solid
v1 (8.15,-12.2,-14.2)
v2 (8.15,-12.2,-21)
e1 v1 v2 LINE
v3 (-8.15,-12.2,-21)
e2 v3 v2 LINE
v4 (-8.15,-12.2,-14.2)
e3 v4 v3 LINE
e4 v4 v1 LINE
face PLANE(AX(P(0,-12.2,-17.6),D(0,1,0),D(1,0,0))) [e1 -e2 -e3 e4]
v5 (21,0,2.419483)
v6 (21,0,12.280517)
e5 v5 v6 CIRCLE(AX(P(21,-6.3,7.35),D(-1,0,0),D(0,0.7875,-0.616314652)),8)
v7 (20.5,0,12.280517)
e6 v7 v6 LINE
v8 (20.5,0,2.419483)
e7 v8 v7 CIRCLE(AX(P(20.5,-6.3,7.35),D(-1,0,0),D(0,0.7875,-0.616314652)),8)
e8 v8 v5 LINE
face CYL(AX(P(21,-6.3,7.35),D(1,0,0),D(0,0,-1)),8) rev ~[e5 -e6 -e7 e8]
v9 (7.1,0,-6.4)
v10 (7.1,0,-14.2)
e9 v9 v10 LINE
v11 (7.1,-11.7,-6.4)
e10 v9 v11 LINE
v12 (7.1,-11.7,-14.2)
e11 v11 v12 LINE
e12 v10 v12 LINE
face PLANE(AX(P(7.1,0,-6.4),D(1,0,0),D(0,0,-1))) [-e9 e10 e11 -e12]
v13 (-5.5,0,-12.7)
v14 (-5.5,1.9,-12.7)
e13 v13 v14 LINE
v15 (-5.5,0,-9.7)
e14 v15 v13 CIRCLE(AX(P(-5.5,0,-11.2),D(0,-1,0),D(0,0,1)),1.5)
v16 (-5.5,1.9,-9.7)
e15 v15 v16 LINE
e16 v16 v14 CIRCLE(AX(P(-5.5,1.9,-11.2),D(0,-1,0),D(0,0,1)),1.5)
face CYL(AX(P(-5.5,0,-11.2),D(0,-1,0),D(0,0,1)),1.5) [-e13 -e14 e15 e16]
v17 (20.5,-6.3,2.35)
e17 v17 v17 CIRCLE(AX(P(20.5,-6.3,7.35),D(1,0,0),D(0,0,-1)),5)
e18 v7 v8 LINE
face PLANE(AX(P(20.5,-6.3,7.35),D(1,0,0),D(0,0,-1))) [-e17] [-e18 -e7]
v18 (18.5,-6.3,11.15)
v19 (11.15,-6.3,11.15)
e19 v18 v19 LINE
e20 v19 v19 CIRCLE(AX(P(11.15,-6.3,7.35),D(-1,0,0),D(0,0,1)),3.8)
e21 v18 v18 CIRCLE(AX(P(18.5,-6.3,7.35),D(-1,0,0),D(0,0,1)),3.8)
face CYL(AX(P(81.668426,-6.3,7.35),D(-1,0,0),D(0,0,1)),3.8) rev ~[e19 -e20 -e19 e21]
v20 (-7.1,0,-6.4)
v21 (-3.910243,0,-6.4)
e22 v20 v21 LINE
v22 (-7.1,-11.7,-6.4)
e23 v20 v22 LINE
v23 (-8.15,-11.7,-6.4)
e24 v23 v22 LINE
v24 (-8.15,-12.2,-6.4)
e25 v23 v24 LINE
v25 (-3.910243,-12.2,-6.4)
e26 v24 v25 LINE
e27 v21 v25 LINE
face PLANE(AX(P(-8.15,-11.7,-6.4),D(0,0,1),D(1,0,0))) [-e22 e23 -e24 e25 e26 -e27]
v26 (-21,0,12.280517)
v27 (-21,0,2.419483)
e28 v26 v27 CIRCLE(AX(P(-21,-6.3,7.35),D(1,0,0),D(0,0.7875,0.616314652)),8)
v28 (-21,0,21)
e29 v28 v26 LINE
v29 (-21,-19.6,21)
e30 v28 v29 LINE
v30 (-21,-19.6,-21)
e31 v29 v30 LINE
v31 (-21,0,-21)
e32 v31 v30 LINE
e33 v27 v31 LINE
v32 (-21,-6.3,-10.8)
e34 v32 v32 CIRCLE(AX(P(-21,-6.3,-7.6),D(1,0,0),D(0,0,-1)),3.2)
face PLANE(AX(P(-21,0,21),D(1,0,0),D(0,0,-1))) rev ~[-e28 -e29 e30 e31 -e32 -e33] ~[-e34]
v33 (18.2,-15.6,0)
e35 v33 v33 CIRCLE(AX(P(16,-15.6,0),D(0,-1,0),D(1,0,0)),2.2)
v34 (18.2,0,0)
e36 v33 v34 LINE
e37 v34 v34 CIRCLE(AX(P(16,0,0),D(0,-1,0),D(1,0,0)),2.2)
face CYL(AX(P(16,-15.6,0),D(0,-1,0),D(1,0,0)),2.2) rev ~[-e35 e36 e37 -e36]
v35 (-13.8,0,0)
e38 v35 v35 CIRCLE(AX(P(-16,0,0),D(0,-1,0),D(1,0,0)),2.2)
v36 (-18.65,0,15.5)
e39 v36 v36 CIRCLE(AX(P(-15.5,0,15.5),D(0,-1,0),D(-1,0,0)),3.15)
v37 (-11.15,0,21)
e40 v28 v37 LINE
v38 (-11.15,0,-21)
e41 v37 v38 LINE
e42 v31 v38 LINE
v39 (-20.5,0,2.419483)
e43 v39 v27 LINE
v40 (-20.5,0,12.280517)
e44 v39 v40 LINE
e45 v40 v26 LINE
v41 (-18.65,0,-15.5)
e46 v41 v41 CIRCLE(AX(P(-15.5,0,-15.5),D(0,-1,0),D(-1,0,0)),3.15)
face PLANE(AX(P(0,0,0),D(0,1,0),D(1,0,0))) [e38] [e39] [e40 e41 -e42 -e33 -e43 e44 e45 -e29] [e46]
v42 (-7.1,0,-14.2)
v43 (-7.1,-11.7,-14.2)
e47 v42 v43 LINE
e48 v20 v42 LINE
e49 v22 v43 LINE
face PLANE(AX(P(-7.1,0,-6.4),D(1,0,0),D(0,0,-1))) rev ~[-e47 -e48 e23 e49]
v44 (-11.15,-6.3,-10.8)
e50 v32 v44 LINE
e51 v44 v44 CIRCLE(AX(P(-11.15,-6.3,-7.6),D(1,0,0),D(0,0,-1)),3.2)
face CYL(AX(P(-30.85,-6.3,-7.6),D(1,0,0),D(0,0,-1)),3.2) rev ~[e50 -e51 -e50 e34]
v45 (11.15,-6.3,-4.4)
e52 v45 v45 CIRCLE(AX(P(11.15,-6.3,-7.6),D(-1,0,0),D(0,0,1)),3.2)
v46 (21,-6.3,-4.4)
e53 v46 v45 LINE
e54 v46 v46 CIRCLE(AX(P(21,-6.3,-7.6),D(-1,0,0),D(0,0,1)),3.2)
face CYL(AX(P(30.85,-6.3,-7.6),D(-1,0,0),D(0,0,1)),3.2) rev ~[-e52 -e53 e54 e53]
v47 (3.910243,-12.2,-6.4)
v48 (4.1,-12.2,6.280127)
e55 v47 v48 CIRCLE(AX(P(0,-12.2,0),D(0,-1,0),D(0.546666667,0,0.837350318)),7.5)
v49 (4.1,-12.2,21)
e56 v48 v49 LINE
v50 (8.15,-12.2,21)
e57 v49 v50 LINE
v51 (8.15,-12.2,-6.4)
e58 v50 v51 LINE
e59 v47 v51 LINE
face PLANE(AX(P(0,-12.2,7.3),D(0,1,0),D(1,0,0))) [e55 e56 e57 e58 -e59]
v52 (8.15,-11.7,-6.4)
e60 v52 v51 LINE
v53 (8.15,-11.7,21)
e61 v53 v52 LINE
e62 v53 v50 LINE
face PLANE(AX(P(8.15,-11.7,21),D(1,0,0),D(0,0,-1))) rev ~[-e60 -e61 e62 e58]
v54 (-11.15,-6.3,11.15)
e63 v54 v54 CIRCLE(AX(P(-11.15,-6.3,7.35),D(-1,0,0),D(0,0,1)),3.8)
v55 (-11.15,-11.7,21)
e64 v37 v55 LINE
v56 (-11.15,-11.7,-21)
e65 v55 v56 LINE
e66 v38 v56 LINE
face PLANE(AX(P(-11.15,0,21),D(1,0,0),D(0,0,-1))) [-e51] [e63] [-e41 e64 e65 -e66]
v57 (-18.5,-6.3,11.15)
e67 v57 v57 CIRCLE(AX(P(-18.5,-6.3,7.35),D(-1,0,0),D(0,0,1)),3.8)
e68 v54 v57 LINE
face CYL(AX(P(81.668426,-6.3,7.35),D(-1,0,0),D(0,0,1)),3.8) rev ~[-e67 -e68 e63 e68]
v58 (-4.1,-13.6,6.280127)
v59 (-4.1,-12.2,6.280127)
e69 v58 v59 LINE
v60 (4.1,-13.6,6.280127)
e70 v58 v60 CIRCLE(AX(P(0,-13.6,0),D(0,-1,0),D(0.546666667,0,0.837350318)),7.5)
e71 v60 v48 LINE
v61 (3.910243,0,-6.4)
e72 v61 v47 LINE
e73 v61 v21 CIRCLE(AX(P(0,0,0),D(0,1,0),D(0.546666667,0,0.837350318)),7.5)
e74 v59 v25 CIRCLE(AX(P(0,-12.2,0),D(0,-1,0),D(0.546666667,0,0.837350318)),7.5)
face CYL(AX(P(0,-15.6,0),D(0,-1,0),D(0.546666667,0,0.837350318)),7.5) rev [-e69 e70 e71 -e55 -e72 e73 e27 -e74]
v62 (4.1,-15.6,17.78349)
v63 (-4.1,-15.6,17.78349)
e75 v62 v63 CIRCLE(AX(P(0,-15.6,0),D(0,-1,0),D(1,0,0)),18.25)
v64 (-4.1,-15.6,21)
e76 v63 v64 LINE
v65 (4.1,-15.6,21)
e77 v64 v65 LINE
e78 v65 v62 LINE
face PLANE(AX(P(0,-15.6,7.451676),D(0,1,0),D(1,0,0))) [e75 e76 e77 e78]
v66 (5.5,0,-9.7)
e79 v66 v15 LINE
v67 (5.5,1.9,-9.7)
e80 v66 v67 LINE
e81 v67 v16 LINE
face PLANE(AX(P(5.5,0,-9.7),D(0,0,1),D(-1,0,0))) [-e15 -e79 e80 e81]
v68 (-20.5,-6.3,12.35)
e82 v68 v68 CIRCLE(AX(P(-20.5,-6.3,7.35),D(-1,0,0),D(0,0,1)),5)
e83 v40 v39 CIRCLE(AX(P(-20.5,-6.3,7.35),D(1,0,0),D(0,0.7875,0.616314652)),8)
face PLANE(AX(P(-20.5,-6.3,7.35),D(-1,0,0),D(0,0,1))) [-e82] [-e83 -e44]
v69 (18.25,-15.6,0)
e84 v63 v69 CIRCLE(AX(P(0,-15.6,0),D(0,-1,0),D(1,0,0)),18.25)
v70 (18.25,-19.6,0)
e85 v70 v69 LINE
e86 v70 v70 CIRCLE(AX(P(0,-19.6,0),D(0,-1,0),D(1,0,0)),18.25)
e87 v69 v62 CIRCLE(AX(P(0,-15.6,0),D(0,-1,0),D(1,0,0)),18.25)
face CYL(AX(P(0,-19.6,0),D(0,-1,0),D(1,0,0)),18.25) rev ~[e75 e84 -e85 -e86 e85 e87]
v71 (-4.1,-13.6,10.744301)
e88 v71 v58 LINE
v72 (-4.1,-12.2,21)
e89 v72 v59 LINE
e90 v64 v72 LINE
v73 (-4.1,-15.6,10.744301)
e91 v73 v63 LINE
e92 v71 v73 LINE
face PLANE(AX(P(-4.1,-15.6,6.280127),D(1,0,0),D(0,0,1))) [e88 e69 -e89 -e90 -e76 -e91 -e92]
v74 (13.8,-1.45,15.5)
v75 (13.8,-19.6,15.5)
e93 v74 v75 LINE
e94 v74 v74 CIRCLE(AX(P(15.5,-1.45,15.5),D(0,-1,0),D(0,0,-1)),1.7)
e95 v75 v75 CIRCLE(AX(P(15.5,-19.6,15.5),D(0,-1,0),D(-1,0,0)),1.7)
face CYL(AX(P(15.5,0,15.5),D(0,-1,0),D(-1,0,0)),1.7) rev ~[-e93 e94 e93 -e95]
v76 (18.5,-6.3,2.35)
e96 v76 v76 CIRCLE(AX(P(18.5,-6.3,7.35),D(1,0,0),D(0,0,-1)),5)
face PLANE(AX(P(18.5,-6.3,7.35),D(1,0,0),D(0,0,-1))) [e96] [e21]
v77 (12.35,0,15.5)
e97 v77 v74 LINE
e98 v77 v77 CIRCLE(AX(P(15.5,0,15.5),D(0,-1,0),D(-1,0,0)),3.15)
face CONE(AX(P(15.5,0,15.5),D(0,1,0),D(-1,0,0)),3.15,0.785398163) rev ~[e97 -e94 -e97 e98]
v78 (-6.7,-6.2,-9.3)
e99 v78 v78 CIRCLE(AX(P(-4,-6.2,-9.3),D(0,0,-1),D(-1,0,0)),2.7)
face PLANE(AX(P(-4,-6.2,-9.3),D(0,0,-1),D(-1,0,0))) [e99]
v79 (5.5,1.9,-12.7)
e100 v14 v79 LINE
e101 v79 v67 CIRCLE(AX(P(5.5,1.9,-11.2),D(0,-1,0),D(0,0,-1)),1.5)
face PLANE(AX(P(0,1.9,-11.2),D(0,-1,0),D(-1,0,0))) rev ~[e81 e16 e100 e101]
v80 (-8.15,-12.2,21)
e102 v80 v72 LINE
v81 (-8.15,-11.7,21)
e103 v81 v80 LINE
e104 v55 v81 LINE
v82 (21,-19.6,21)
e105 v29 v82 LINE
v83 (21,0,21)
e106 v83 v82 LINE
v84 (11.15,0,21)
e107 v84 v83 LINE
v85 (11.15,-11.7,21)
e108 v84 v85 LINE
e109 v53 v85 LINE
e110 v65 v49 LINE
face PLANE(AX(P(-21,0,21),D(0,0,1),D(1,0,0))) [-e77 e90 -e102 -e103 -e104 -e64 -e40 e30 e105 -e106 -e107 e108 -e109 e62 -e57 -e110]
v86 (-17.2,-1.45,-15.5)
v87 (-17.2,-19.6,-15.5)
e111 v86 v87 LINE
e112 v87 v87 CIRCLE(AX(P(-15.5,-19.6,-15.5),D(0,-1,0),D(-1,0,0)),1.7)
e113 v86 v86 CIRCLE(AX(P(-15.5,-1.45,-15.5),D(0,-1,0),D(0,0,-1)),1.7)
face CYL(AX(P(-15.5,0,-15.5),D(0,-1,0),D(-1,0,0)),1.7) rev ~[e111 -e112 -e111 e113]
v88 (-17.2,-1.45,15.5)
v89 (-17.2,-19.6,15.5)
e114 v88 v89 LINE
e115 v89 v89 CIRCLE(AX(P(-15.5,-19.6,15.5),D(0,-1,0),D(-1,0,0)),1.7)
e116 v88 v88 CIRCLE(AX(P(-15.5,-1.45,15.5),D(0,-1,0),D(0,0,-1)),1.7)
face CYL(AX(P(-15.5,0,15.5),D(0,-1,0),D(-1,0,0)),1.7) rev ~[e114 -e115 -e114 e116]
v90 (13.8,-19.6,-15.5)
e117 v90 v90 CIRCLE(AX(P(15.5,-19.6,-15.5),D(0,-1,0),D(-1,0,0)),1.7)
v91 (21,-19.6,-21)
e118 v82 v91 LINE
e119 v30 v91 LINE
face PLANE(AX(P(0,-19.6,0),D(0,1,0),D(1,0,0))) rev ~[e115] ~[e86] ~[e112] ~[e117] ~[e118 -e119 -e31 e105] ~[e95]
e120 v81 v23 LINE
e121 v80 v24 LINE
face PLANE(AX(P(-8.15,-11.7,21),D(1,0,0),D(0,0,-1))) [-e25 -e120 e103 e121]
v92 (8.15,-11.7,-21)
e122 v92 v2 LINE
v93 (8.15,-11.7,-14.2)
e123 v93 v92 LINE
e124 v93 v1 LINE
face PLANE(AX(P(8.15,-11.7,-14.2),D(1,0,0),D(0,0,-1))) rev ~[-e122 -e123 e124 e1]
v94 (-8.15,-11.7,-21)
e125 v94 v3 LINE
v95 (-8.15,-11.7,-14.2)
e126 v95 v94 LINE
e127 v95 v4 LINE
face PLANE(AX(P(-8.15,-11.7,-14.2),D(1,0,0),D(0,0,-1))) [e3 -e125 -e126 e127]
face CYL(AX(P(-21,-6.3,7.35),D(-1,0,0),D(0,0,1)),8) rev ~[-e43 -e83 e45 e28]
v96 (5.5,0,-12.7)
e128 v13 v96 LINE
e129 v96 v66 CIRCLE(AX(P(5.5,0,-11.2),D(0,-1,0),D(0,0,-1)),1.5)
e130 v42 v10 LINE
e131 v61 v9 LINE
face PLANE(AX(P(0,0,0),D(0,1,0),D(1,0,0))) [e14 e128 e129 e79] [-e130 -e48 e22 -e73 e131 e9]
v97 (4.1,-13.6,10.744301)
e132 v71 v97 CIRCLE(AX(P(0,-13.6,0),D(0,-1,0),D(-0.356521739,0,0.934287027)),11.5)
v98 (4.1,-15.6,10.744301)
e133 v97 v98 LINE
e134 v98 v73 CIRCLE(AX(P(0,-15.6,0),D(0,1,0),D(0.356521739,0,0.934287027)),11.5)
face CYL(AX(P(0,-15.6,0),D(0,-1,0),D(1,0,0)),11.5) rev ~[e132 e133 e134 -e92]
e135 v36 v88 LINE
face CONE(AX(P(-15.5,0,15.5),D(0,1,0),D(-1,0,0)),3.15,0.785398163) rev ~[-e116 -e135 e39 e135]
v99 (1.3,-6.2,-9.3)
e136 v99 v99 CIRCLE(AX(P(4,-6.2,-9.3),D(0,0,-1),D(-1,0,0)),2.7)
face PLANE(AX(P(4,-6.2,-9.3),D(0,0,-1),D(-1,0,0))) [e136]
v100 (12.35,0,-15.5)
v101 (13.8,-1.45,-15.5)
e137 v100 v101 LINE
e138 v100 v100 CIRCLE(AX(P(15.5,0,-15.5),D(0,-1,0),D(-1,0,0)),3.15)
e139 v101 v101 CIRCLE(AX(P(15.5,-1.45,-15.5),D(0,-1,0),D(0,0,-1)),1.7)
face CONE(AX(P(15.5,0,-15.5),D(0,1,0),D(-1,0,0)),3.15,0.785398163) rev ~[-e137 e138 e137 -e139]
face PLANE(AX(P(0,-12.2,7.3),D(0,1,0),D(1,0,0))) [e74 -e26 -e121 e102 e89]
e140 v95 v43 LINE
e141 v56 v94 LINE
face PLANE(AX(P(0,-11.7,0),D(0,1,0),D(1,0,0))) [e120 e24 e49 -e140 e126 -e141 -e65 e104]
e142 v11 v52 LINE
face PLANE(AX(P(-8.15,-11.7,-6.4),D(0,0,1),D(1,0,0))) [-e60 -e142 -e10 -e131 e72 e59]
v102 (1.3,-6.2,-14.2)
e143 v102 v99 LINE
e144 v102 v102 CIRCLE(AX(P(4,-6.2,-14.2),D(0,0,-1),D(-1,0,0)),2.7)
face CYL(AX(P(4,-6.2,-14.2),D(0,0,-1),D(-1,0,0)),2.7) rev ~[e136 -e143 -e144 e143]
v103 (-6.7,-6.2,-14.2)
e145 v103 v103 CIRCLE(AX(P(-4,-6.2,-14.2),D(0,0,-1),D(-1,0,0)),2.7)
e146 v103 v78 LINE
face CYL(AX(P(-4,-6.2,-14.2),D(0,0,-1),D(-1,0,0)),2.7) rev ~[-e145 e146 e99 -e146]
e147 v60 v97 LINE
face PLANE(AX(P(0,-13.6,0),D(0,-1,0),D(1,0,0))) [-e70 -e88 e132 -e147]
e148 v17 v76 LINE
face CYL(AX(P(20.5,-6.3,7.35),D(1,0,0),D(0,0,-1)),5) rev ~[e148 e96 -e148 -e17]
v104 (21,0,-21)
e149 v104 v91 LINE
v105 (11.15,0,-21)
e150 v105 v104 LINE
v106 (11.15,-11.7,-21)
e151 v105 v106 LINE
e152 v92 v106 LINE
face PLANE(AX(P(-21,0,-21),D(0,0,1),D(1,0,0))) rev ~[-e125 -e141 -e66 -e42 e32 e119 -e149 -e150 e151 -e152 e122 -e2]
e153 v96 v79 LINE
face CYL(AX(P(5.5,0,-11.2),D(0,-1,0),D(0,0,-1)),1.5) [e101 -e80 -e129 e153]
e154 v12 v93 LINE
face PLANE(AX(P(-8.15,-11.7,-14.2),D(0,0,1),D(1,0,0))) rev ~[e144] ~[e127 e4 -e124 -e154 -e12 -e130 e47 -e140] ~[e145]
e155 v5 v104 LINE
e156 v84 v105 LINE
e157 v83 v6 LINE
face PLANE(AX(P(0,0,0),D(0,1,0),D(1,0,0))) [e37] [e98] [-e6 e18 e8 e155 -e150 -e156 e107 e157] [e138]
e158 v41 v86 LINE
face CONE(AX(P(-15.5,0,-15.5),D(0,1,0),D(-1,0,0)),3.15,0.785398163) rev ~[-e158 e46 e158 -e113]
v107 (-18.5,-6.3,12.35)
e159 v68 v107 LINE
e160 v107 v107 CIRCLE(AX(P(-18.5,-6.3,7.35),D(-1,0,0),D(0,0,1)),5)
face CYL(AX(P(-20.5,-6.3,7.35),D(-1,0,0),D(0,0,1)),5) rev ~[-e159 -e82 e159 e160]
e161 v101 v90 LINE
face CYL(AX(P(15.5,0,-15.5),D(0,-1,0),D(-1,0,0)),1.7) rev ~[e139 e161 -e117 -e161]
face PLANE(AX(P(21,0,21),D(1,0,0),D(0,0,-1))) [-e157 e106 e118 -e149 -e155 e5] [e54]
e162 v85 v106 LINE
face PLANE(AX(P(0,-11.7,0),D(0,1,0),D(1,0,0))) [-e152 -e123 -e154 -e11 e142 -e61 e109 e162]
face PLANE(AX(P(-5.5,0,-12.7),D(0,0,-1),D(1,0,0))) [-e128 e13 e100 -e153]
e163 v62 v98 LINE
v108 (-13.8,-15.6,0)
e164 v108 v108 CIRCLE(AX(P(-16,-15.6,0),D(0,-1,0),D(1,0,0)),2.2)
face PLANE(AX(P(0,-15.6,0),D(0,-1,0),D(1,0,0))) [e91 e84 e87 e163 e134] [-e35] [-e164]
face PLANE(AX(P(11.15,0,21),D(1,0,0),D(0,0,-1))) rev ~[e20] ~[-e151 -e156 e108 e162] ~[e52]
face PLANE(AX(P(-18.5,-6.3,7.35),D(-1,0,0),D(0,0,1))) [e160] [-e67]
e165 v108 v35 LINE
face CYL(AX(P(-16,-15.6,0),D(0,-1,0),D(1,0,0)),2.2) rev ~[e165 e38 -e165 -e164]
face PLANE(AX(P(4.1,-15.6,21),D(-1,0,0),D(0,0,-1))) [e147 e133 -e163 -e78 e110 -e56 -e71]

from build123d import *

# Parameters (mm, degrees)
CROQUIS3_W                                           = 42
CROQUIS3_H                                           = 42
SALIENTE_EXTRUIR1_DEPTH                              = 19.6
CROQUIS4_W                                           = 22.3
CROQUIS4_H                                           = 42
CROQUIS4_W_2                                         = 14.2
CROQUIS4_H_2                                         = 7.8
CORTAR_EXTRUIR1_DEPTH                                = 11.7
CROQUIS5_W                                           = 16.3
CROQUIS5_H                                           = 6.8
CROQUIS5_H_2                                         = 27.4
CORTAR_EXTRUIR2_DEPTH                                = 0.5
CORTAR_EXTRUIR3_START                                = -3.4
CORTAR_EXTRUIR3_DEPTH                                = 15.6
CROQUIS7_R                                           = 18.25
CORTAR_EXTRUIR4_DEPTH                                = 4
CROQUIS8_R                                           = 11.5
CORTAR_EXTRUIR5_DEPTH                                = 2
CROQUIS9_R                                           = 2.2
CORTAR_EXTRUIR6_DEPTH                                = 15.6
AVELLANADO_PARA_TORNILLO_CON_CABEZA_PLAN_D           = 3.4
AVELLANADO_PARA_TORNILLO_CON_CABEZA_PLAN_CSINK_D     = 6.3
AVELLANADO_PARA_TORNILLO_CON_CABEZA_PLAN_CSINK_ANGLE = 90
SALIENTE_EXTRUIR3_DEPTH                              = 1.9
CROQUIS13_R                                          = 8
CORTAR_EXTRUIR7_DEPTH                                = 0.5
CROQUIS14_R                                          = 5
CORTAR_EXTRUIR8_DEPTH                                = 2
DI_METRO_DE_TALADRO_7_6_7_6_1_D                      = 7.6
CROQUIS17_R                                          = 8
CORTAR_EXTRUIR9_DEPTH                                = 0.5
CROQUIS18_R                                          = 5
CORTAR_EXTRUIR10_DEPTH                               = 2
CROQUIS19_R                                          = 2.7
CORTAR_EXTRUIR11_DEPTH                               = 4.9
DI_METRO_DE_TALADRO_6_4_6_4_1_D                      = 6.4
DI_METRO_DE_TALADRO_6_4_6_4_1_DEPTH                  = 9.85
DI_METRO_DE_TALADRO_6_4_6_4_2_D                      = 6.4
DI_METRO_DE_TALADRO_6_4_6_4_2_DEPTH                  = 9.85


with BuildPart() as part:
    # Croquis3 → Saliente-Extruir1 (new body)
    with BuildSketch(Plane(origin=(0, 0, 0), x_dir=(1, 0, 0), z_dir=(0, 1, 0))):
        Rectangle(CROQUIS3_W, CROQUIS3_H)
    extrude(amount=-SALIENTE_EXTRUIR1_DEPTH)

    # Croquis4 → Cortar-Extruir1 (cut)
    with BuildSketch(Plane(origin=(0, 0, 0), x_dir=(1, 0, 0), z_dir=(0, 1, 0))):
        Rectangle(CROQUIS4_W, CROQUIS4_H)
        with Locations((0, 10.3)):
            Rectangle(CROQUIS4_W_2, CROQUIS4_H_2, mode=Mode.SUBTRACT)
    extrude(amount=-CORTAR_EXTRUIR1_DEPTH, mode=Mode.SUBTRACT)

    # Croquis5 → Cortar-Extruir2 (cut)
    with BuildSketch(Plane(origin=(0, -11.7, 0), x_dir=(1, 0, 0), z_dir=(0, 1, 0))):
        with Locations((0, 17.6)):
            Rectangle(CROQUIS5_W, CROQUIS5_H)
        with Locations((0, -7.3)):
            Rectangle(CROQUIS5_W, CROQUIS5_H_2)
    extrude(amount=-CORTAR_EXTRUIR2_DEPTH, mode=Mode.SUBTRACT)

    # Croquis6 → Cortar-Extruir3 (cut)
    with BuildSketch(Plane(origin=(0, -12.2, 0), x_dir=(1, 0, 0), z_dir=(0, 1, 0)).offset(CORTAR_EXTRUIR3_START)):
        with BuildLine():
            Line((4.1, -21), (4.1, -6.280127387))
            ThreePointArc((4.1, -6.280127387), (0, 7.5), (-4.1, -6.280127387))
            Line((-4.1, -6.280127387), (-4.1, -21))
            Line((-4.1, -21), (4.1, -21))
        make_face()
    extrude(amount=CORTAR_EXTRUIR3_DEPTH, mode=Mode.SUBTRACT)

    # Croquis7 → Cortar-Extruir4 (cut)
    with BuildSketch(Plane.XZ.offset(19.6)):
        Circle(CROQUIS7_R)
    extrude(amount=-CORTAR_EXTRUIR4_DEPTH, mode=Mode.SUBTRACT)

    # Croquis8 → Cortar-Extruir5 (cut)
    with BuildSketch(Plane.XZ.offset(15.6)):
        Circle(CROQUIS8_R)
    extrude(amount=-CORTAR_EXTRUIR5_DEPTH, mode=Mode.SUBTRACT)

    # Croquis9 → Cortar-Extruir6 (cut)
    with BuildSketch(Plane.XZ.offset(15.6)):
        with Locations((-16, 0)):
            Circle(CROQUIS9_R)
        with Locations((16, 0)):
            Circle(CROQUIS9_R)
    extrude(amount=-CORTAR_EXTRUIR6_DEPTH, mode=Mode.SUBTRACT)

    # Avellanado para tornillo con cabeza plana avellanada de M31 (through all)
    with Locations(Plane(origin=(0, 0, 0), x_dir=(1, 0, 0), z_dir=(0, 1, 0))):
        with Locations((-15.5, 15.5), (15.5, 15.5), (15.5, -15.5), (-15.5, -15.5)):
            CounterSinkHole(AVELLANADO_PARA_TORNILLO_CON_CABEZA_PLAN_D / 2, AVELLANADO_PARA_TORNILLO_CON_CABEZA_PLAN_CSINK_D / 2, counter_sink_angle=AVELLANADO_PARA_TORNILLO_CON_CABEZA_PLAN_CSINK_ANGLE)

    # Croquis12 → Saliente-Extruir3 (add)
    with BuildSketch(Plane(origin=(0, 0, 0), x_dir=(1, 0, 0), z_dir=(0, 1, 0))):
        with BuildLine():
            Line((-5.5, 12.7), (5.5, 12.7))
            ThreePointArc((5.5, 12.7), (7, 11.2), (5.5, 9.7))
            Line((5.5, 9.7), (-5.5, 9.7))
            ThreePointArc((-5.5, 9.7), (-7, 11.2), (-5.5, 12.7))
        make_face()
    extrude(amount=SALIENTE_EXTRUIR3_DEPTH)

    # Croquis13 → Cortar-Extruir7 (cut)
    with BuildSketch(Plane(origin=(21, 0, 0), x_dir=(0, 0, -1), z_dir=(1, 0, 0))):
        with Locations((-7.35, -6.3)):
            Circle(CROQUIS13_R)
    extrude(amount=-CORTAR_EXTRUIR7_DEPTH, mode=Mode.SUBTRACT)

    # Croquis14 → Cortar-Extruir8 (cut)
    with BuildSketch(Plane(origin=(20.5, 0, 0), x_dir=(0, 0, -1), z_dir=(1, 0, 0))):
        with Locations((-7.35, -6.3)):
            Circle(CROQUIS14_R)
    extrude(amount=-CORTAR_EXTRUIR8_DEPTH, mode=Mode.SUBTRACT)

    # Diámetro de taladro Ø7.6 (7.6)1 (through all)
    with Locations(Plane(origin=(18.5, 0, 0), x_dir=(0, 0, -1), z_dir=(1, 0, 0))):
        with Locations((-7.35, -6.3)):
            Hole(DI_METRO_DE_TALADRO_7_6_7_6_1_D / 2)

    # Croquis17 → Cortar-Extruir9 (cut)
    with BuildSketch(Plane.ZY.offset(21)):
        with Locations((7.35, -6.3)):
            Circle(CROQUIS17_R)
    extrude(amount=-CORTAR_EXTRUIR9_DEPTH, mode=Mode.SUBTRACT)

    # Croquis18 → Cortar-Extruir10 (cut)
    with BuildSketch(Plane.ZY.offset(20.5)):
        with Locations((7.35, -6.3)):
            Circle(CROQUIS18_R)
    extrude(amount=-CORTAR_EXTRUIR10_DEPTH, mode=Mode.SUBTRACT)

    # Croquis19 → Cortar-Extruir11 (cut)
    with BuildSketch(Plane(origin=(0, 0, -14.2), x_dir=(-1, 0, 0), z_dir=(0, 0, -1))):
        with Locations((4, -6.2)):
            Circle(CROQUIS19_R)
        with Locations((-4, -6.2)):
            Circle(CROQUIS19_R)
    extrude(amount=-CORTAR_EXTRUIR11_DEPTH, mode=Mode.SUBTRACT)

    # Diámetro de taladro Ø6.4 (6.4)1
    with Locations(Plane.ZY.offset(21)):
        with Locations((-7.6, -6.3)):
            Hole(DI_METRO_DE_TALADRO_6_4_6_4_1_D / 2, depth=DI_METRO_DE_TALADRO_6_4_6_4_1_DEPTH)

    # Diámetro de taladro Ø6.4 (6.4)2
    with Locations(Plane(origin=(21, 0, 0), x_dir=(0, 0, -1), z_dir=(1, 0, 0))):
        with Locations((7.6, -6.3)):
            Hole(DI_METRO_DE_TALADRO_6_4_6_4_2_D / 2, depth=DI_METRO_DE_TALADRO_6_4_6_4_2_DEPTH)


solid = part.part
